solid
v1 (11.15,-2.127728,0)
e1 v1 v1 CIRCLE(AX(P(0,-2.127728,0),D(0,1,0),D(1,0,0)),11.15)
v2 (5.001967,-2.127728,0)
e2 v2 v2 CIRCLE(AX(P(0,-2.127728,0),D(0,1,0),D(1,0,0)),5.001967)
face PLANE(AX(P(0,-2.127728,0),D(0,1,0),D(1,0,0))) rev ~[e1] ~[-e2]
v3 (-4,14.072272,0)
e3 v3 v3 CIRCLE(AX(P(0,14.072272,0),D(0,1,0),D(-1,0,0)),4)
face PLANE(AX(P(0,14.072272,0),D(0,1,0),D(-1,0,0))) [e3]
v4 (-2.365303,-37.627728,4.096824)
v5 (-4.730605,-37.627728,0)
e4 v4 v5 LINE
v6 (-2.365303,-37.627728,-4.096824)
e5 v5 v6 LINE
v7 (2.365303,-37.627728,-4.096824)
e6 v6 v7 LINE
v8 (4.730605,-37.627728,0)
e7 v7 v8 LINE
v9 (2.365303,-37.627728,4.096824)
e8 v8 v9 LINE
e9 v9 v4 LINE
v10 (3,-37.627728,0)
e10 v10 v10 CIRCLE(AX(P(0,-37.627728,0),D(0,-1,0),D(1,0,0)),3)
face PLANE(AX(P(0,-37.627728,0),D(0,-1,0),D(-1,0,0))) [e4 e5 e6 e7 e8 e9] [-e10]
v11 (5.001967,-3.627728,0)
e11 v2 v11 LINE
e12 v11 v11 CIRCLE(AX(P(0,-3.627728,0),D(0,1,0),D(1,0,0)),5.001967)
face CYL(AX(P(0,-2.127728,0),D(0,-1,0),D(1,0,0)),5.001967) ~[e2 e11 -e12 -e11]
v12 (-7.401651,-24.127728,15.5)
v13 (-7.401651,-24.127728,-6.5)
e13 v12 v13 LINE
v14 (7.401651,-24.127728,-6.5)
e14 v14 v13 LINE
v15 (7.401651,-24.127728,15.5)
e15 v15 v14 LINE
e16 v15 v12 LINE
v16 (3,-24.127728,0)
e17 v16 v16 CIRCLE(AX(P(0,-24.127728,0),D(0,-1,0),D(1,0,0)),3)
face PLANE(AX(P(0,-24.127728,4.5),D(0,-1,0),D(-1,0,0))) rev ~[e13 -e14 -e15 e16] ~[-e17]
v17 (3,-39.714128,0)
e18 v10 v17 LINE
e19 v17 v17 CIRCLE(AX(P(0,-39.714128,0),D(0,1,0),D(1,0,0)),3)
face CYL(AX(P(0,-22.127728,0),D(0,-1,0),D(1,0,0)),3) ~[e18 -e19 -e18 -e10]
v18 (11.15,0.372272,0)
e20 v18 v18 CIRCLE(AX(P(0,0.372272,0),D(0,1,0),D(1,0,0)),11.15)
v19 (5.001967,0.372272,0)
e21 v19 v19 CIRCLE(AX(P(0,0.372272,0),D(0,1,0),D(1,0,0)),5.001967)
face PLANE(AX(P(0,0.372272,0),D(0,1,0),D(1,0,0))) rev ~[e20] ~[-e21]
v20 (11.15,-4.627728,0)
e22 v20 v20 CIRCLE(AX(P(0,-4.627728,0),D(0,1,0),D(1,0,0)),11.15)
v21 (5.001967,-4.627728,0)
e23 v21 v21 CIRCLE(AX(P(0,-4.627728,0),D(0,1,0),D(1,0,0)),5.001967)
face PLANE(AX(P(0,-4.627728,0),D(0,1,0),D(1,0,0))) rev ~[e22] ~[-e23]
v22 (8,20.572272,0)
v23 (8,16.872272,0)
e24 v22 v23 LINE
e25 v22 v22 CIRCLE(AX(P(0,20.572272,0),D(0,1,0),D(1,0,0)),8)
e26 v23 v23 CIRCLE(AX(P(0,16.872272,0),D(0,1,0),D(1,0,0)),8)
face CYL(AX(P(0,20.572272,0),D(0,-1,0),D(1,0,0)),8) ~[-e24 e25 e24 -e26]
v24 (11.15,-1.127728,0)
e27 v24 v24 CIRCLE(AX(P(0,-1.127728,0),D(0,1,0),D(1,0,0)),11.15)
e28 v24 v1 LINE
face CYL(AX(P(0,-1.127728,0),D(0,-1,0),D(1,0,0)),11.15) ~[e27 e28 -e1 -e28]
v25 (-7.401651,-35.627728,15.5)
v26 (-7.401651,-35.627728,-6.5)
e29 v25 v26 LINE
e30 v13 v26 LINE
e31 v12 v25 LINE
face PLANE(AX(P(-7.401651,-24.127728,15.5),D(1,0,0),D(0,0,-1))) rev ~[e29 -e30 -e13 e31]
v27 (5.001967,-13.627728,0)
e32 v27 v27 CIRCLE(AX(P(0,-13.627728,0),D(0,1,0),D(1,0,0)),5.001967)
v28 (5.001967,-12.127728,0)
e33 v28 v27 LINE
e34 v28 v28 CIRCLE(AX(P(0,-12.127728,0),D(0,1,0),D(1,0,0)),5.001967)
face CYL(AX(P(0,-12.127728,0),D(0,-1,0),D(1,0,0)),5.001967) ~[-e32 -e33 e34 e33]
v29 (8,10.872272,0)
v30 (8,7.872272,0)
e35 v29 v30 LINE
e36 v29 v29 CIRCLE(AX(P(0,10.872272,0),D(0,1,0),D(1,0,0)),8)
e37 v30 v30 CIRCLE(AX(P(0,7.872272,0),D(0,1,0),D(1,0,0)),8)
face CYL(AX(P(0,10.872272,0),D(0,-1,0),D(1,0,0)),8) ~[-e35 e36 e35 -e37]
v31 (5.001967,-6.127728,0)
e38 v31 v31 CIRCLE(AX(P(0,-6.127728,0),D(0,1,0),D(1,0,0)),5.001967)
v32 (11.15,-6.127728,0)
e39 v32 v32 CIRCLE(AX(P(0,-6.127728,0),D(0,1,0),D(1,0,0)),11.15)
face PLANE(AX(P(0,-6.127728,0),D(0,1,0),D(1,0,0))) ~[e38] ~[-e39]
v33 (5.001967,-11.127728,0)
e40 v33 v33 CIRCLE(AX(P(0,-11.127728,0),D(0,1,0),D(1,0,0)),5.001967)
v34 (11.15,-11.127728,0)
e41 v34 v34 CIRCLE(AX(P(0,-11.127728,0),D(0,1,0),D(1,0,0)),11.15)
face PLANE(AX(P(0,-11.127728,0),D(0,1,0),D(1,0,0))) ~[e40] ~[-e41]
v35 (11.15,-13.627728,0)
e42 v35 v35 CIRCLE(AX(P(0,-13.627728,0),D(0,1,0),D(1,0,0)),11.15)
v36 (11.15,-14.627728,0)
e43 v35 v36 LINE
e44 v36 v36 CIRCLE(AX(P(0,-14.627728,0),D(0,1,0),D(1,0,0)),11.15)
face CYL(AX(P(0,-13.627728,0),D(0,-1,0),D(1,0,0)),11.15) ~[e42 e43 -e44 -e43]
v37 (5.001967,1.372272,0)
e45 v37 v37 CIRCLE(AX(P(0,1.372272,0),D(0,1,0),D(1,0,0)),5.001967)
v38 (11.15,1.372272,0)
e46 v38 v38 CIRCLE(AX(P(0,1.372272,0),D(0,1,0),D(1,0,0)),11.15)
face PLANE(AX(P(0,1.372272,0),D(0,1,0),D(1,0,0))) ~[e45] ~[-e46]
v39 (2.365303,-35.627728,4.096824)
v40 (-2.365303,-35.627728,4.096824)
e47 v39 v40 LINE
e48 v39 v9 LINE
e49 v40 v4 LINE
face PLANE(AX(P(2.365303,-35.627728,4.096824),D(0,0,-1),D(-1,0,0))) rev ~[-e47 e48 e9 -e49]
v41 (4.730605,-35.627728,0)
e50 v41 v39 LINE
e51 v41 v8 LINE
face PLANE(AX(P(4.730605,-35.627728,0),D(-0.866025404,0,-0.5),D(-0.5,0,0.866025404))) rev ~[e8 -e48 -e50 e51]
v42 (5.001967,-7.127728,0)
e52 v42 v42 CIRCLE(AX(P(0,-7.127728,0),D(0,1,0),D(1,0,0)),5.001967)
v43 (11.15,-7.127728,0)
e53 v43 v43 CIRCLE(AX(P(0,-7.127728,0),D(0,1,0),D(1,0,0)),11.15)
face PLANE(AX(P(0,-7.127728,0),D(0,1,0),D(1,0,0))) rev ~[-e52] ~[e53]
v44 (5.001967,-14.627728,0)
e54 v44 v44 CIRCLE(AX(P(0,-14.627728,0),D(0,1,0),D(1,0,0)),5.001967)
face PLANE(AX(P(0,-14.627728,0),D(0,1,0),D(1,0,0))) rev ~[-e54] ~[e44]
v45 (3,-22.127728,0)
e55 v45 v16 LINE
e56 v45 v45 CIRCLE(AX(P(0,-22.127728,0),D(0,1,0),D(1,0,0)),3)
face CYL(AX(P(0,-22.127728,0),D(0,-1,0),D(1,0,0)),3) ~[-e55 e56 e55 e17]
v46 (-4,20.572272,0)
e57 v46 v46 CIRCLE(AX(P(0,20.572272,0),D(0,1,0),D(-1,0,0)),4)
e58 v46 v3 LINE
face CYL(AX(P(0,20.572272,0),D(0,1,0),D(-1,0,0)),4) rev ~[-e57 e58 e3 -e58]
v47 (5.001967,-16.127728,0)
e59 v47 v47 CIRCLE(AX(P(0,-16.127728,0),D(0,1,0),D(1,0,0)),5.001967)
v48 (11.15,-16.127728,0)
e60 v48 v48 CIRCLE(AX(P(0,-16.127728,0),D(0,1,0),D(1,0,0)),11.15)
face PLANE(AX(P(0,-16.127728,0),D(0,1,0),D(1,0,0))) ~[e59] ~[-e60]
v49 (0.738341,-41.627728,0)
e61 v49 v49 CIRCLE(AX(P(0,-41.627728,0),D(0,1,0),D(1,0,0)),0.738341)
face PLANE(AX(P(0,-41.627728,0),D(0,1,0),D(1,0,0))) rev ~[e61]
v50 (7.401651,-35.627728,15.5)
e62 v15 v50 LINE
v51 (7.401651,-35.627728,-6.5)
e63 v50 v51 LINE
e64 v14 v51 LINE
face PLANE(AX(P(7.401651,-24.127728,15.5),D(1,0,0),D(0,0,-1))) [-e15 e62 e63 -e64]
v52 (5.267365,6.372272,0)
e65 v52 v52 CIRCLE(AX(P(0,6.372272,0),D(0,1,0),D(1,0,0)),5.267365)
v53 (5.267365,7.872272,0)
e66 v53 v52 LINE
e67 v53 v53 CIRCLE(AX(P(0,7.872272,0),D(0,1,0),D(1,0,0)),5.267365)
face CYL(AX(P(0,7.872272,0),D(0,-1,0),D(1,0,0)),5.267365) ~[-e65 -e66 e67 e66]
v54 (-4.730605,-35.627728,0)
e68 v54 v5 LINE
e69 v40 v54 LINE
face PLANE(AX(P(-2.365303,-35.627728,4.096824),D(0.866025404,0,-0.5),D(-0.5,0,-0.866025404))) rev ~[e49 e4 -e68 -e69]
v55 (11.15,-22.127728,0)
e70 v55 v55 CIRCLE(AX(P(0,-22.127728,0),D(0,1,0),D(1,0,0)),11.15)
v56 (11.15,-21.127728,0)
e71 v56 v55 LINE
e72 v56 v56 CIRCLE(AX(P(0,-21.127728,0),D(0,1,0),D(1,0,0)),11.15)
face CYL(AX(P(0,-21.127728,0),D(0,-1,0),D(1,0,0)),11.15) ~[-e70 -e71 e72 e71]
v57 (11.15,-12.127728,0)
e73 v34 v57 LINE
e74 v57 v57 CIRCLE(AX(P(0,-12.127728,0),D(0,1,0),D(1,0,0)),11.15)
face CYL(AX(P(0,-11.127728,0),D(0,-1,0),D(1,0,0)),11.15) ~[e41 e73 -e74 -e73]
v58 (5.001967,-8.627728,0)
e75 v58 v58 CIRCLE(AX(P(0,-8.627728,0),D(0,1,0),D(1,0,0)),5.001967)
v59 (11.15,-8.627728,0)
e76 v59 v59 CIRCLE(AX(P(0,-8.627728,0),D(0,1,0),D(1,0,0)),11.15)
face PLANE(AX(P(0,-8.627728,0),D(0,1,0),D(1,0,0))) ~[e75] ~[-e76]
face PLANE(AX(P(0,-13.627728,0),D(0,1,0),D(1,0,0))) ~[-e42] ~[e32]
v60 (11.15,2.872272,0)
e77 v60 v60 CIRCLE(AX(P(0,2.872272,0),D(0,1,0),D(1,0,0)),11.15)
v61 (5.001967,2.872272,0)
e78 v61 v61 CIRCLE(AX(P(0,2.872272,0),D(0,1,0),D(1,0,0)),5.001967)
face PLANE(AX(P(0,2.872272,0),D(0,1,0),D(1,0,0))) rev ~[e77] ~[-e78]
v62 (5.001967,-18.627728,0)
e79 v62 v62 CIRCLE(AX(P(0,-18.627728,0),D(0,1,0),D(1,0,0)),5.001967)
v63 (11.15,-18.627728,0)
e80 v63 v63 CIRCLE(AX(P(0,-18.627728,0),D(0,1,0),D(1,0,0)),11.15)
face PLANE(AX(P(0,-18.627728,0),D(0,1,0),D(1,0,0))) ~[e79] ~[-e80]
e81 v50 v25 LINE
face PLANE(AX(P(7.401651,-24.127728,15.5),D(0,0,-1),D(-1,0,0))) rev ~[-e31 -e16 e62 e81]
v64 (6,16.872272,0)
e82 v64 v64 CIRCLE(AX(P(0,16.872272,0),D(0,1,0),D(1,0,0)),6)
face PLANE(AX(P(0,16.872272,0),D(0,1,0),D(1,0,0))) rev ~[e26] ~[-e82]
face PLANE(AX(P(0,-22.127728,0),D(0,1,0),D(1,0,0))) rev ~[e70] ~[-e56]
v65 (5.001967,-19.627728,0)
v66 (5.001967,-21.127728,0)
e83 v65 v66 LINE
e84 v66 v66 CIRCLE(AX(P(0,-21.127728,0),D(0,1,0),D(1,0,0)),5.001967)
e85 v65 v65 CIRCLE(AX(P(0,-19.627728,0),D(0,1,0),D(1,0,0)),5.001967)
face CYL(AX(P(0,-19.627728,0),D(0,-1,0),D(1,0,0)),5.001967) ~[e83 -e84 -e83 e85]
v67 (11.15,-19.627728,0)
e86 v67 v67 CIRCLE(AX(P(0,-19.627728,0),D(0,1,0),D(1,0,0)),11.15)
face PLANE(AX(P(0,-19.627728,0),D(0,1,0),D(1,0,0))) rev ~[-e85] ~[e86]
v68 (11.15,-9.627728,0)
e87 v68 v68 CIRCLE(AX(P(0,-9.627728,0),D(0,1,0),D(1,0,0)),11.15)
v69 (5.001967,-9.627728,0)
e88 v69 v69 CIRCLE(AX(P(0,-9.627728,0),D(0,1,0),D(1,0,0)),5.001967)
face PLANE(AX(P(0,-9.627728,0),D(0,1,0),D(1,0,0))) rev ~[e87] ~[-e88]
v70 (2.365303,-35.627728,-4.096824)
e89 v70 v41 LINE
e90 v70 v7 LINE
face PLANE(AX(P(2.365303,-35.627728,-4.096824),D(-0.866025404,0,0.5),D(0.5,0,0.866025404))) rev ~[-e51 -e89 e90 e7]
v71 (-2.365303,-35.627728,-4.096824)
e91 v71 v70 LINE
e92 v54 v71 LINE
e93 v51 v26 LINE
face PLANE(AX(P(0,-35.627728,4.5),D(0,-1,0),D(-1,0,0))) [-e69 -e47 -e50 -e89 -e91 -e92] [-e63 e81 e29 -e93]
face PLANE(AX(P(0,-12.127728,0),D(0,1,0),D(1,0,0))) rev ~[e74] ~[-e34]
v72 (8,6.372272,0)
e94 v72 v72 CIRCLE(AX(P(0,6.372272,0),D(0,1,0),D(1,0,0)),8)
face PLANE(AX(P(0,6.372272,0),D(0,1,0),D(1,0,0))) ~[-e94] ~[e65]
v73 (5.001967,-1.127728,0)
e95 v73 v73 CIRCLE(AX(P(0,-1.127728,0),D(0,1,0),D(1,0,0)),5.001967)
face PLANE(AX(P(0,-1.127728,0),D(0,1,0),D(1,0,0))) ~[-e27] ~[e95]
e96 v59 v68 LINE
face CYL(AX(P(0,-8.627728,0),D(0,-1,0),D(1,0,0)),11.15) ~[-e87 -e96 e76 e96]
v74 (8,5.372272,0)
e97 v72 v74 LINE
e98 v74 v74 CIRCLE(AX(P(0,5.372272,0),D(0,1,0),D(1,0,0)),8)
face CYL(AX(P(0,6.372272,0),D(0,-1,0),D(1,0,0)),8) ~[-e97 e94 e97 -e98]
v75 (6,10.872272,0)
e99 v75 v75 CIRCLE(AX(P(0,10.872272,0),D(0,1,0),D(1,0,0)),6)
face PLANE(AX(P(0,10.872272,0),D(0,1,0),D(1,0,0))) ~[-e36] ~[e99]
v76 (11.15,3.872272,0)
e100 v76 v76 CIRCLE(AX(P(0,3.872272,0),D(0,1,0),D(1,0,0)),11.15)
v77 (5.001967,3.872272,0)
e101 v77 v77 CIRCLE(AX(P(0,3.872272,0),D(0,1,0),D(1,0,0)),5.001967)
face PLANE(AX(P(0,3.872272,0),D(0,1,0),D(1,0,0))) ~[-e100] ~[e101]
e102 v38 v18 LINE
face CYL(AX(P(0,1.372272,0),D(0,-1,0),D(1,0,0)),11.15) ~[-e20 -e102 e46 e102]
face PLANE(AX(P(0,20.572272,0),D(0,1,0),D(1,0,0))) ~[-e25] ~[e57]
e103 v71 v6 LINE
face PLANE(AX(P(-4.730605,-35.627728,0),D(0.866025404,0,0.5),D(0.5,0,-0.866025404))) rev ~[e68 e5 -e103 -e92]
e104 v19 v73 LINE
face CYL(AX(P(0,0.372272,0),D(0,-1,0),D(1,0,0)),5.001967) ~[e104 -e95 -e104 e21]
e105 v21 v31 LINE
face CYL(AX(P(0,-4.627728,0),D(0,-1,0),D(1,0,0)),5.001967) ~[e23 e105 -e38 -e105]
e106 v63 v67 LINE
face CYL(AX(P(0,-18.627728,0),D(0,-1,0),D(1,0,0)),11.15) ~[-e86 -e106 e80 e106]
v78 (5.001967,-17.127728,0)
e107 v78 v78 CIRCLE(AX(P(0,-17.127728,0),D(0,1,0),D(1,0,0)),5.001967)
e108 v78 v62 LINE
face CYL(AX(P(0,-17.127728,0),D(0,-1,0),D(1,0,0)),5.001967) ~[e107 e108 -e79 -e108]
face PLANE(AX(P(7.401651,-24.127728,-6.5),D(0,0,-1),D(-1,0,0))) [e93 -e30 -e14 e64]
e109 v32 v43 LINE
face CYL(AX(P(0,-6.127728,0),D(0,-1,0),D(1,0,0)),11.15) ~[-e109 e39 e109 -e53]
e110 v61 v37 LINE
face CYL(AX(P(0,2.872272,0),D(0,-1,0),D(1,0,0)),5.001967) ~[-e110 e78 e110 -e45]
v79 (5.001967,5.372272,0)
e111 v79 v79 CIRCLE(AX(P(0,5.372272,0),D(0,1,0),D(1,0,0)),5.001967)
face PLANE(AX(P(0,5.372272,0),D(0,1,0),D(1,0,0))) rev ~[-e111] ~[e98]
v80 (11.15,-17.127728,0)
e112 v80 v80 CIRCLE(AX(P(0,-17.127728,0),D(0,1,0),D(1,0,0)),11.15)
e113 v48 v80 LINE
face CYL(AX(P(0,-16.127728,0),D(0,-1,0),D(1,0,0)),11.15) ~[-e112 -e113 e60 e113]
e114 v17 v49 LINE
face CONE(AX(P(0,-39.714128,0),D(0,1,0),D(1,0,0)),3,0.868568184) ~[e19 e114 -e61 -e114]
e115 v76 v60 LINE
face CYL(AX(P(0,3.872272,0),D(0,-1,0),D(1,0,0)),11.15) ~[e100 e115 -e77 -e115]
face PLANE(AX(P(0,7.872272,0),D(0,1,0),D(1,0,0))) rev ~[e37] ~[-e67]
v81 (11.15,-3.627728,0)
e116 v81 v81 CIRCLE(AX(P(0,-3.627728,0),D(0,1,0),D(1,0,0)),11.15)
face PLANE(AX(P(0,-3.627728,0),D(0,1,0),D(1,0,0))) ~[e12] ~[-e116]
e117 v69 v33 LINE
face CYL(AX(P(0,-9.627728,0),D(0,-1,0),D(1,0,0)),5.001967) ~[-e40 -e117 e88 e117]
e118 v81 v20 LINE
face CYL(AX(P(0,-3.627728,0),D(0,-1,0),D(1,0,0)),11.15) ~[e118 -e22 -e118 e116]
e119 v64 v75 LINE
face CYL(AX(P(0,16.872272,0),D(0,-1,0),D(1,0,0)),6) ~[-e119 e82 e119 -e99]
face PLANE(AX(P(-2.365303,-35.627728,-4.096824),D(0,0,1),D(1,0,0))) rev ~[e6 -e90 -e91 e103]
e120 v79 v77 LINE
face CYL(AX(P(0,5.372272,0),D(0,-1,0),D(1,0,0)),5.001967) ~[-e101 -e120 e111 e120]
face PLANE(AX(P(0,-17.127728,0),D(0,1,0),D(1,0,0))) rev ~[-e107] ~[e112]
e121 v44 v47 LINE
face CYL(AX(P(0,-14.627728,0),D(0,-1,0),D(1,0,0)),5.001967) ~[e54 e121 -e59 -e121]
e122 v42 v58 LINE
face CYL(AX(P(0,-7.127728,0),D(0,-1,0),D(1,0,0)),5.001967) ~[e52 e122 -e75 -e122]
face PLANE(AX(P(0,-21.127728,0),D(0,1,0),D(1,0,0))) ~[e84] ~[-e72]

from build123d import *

# Parameters (mm, degrees)
SKETCH2_R           = 4
CUT_EXTRUDE1_DEPTH  = 6.5
SKETCH3_W           = 14.803302618
SKETCH3_H           = 22
BOSS_EXTRUDE1_DEPTH = 11.5
BOSS_EXTRUDE2_DEPTH = 2


with BuildPart() as part:
    # Sketch1 → Revolve1 (revolve)
    with BuildSketch(Plane.XY, mode=Mode.PRIVATE) as revolve1_sk:
        Polygon((0, 20.572271817), (-8, 20.572271817), (-8, 16.872271817), (-6, 16.872271817), (-6, 10.872271817), (-8, 10.872271817), (-8, 7.872271817), (-5.267364971, 7.872271817), (-5.267364971, 6.372271817), (-8, 6.372271817), (-8, 5.372271817), (-5.001966623, 5.372271817), (-5.001966623, 3.872271817), (-11.15, 3.872271817), (-11.15, 2.872271817), (-5.001966623, 2.872271817), (-5.001966623, 1.372271817), (-11.15, 1.372271817), (-11.15, 0.372271817), (-5.001966623, 0.372271817), (-5.001966623, -1.127728183), (-11.15, -1.127728183), (-11.15, -2.127728183), (-5.001966623, -2.127728183), (-5.001966623, -3.627728183), (-11.15, -3.627728183), (-11.15, -4.627728183), (-5.001966623, -4.627728183), (-5.001966623, -6.127728183), (-11.15, -6.127728183), (-11.15, -7.127728183), (-5.001966623, -7.127728183), (-5.001966623, -8.627728183), (-11.15, -8.627728183), (-11.15, -9.627728183), (-5.001966623, -9.627728183), (-5.001966623, -11.127728183), (-11.15, -11.127728183), (-11.15, -12.127728183), (-5.001966623, -12.127728183), (-5.001966623, -13.627728183), (-11.15, -13.627728183), (-11.15, -14.627728183), (-5.001966623, -14.627728183), (-5.001966623, -16.127728183), (-11.15, -16.127728183), (-11.15, -17.127728183), (-5.001966623, -17.127728183), (-5.001966623, -18.627728183), (-11.15, -18.627728183), (-11.15, -19.627728183), (-5.001966623, -19.627728183), (-5.001966623, -21.127728183), (-11.15, -21.127728183), (-11.15, -22.127728183), (-5.001966623, -22.127728183), (-3, -22.127728183), (-3, -39.714128425), (-0.738340975, -41.627728183), (0, -41.627728183), (0, -33.805569091), align=None)
    revolve(revolve1_sk.sketch.rotate(Axis((0, 0, 0), (0, 1, 0)), 180), axis=Axis((0, 0, 0), (0, 1, 0)))

    # Sketch2 → Cut-Extrude1 (cut)
    with BuildSketch(Plane(origin=(0, 20.572271817, 0), x_dir=(1, 0, 0), z_dir=(0, 1, 0))):
        with Locations(Location((0, 0, 0), (0, 0, 180))):
            Circle(SKETCH2_R)
    extrude(amount=-CUT_EXTRUDE1_DEPTH, mode=Mode.SUBTRACT)

    # Sketch3 → Boss-Extrude1 (add)
    with BuildSketch(Plane(origin=(0, -24.127728183, 0), x_dir=(-1, 0, 0), z_dir=(0, -1, 0))):
        with Locations((0, -4.5)):
            Rectangle(SKETCH3_W, SKETCH3_H)
    extrude(amount=BOSS_EXTRUDE1_DEPTH)

    # Sketch4 → Boss-Extrude2 (add)
    with BuildSketch(Plane(origin=(0, -35.627728183, 0), x_dir=(-1, 0, 0), z_dir=(0, -1, 0))):
        Polygon((4.730605377, 0), (2.365302689, 4.096824432), (-2.365302689, 4.096824432), (-4.730605377, 0), (-2.365302689, -4.096824432), (2.365302689, -4.096824432), align=None)
    extrude(amount=BOSS_EXTRUDE2_DEPTH)


solid = part.part
